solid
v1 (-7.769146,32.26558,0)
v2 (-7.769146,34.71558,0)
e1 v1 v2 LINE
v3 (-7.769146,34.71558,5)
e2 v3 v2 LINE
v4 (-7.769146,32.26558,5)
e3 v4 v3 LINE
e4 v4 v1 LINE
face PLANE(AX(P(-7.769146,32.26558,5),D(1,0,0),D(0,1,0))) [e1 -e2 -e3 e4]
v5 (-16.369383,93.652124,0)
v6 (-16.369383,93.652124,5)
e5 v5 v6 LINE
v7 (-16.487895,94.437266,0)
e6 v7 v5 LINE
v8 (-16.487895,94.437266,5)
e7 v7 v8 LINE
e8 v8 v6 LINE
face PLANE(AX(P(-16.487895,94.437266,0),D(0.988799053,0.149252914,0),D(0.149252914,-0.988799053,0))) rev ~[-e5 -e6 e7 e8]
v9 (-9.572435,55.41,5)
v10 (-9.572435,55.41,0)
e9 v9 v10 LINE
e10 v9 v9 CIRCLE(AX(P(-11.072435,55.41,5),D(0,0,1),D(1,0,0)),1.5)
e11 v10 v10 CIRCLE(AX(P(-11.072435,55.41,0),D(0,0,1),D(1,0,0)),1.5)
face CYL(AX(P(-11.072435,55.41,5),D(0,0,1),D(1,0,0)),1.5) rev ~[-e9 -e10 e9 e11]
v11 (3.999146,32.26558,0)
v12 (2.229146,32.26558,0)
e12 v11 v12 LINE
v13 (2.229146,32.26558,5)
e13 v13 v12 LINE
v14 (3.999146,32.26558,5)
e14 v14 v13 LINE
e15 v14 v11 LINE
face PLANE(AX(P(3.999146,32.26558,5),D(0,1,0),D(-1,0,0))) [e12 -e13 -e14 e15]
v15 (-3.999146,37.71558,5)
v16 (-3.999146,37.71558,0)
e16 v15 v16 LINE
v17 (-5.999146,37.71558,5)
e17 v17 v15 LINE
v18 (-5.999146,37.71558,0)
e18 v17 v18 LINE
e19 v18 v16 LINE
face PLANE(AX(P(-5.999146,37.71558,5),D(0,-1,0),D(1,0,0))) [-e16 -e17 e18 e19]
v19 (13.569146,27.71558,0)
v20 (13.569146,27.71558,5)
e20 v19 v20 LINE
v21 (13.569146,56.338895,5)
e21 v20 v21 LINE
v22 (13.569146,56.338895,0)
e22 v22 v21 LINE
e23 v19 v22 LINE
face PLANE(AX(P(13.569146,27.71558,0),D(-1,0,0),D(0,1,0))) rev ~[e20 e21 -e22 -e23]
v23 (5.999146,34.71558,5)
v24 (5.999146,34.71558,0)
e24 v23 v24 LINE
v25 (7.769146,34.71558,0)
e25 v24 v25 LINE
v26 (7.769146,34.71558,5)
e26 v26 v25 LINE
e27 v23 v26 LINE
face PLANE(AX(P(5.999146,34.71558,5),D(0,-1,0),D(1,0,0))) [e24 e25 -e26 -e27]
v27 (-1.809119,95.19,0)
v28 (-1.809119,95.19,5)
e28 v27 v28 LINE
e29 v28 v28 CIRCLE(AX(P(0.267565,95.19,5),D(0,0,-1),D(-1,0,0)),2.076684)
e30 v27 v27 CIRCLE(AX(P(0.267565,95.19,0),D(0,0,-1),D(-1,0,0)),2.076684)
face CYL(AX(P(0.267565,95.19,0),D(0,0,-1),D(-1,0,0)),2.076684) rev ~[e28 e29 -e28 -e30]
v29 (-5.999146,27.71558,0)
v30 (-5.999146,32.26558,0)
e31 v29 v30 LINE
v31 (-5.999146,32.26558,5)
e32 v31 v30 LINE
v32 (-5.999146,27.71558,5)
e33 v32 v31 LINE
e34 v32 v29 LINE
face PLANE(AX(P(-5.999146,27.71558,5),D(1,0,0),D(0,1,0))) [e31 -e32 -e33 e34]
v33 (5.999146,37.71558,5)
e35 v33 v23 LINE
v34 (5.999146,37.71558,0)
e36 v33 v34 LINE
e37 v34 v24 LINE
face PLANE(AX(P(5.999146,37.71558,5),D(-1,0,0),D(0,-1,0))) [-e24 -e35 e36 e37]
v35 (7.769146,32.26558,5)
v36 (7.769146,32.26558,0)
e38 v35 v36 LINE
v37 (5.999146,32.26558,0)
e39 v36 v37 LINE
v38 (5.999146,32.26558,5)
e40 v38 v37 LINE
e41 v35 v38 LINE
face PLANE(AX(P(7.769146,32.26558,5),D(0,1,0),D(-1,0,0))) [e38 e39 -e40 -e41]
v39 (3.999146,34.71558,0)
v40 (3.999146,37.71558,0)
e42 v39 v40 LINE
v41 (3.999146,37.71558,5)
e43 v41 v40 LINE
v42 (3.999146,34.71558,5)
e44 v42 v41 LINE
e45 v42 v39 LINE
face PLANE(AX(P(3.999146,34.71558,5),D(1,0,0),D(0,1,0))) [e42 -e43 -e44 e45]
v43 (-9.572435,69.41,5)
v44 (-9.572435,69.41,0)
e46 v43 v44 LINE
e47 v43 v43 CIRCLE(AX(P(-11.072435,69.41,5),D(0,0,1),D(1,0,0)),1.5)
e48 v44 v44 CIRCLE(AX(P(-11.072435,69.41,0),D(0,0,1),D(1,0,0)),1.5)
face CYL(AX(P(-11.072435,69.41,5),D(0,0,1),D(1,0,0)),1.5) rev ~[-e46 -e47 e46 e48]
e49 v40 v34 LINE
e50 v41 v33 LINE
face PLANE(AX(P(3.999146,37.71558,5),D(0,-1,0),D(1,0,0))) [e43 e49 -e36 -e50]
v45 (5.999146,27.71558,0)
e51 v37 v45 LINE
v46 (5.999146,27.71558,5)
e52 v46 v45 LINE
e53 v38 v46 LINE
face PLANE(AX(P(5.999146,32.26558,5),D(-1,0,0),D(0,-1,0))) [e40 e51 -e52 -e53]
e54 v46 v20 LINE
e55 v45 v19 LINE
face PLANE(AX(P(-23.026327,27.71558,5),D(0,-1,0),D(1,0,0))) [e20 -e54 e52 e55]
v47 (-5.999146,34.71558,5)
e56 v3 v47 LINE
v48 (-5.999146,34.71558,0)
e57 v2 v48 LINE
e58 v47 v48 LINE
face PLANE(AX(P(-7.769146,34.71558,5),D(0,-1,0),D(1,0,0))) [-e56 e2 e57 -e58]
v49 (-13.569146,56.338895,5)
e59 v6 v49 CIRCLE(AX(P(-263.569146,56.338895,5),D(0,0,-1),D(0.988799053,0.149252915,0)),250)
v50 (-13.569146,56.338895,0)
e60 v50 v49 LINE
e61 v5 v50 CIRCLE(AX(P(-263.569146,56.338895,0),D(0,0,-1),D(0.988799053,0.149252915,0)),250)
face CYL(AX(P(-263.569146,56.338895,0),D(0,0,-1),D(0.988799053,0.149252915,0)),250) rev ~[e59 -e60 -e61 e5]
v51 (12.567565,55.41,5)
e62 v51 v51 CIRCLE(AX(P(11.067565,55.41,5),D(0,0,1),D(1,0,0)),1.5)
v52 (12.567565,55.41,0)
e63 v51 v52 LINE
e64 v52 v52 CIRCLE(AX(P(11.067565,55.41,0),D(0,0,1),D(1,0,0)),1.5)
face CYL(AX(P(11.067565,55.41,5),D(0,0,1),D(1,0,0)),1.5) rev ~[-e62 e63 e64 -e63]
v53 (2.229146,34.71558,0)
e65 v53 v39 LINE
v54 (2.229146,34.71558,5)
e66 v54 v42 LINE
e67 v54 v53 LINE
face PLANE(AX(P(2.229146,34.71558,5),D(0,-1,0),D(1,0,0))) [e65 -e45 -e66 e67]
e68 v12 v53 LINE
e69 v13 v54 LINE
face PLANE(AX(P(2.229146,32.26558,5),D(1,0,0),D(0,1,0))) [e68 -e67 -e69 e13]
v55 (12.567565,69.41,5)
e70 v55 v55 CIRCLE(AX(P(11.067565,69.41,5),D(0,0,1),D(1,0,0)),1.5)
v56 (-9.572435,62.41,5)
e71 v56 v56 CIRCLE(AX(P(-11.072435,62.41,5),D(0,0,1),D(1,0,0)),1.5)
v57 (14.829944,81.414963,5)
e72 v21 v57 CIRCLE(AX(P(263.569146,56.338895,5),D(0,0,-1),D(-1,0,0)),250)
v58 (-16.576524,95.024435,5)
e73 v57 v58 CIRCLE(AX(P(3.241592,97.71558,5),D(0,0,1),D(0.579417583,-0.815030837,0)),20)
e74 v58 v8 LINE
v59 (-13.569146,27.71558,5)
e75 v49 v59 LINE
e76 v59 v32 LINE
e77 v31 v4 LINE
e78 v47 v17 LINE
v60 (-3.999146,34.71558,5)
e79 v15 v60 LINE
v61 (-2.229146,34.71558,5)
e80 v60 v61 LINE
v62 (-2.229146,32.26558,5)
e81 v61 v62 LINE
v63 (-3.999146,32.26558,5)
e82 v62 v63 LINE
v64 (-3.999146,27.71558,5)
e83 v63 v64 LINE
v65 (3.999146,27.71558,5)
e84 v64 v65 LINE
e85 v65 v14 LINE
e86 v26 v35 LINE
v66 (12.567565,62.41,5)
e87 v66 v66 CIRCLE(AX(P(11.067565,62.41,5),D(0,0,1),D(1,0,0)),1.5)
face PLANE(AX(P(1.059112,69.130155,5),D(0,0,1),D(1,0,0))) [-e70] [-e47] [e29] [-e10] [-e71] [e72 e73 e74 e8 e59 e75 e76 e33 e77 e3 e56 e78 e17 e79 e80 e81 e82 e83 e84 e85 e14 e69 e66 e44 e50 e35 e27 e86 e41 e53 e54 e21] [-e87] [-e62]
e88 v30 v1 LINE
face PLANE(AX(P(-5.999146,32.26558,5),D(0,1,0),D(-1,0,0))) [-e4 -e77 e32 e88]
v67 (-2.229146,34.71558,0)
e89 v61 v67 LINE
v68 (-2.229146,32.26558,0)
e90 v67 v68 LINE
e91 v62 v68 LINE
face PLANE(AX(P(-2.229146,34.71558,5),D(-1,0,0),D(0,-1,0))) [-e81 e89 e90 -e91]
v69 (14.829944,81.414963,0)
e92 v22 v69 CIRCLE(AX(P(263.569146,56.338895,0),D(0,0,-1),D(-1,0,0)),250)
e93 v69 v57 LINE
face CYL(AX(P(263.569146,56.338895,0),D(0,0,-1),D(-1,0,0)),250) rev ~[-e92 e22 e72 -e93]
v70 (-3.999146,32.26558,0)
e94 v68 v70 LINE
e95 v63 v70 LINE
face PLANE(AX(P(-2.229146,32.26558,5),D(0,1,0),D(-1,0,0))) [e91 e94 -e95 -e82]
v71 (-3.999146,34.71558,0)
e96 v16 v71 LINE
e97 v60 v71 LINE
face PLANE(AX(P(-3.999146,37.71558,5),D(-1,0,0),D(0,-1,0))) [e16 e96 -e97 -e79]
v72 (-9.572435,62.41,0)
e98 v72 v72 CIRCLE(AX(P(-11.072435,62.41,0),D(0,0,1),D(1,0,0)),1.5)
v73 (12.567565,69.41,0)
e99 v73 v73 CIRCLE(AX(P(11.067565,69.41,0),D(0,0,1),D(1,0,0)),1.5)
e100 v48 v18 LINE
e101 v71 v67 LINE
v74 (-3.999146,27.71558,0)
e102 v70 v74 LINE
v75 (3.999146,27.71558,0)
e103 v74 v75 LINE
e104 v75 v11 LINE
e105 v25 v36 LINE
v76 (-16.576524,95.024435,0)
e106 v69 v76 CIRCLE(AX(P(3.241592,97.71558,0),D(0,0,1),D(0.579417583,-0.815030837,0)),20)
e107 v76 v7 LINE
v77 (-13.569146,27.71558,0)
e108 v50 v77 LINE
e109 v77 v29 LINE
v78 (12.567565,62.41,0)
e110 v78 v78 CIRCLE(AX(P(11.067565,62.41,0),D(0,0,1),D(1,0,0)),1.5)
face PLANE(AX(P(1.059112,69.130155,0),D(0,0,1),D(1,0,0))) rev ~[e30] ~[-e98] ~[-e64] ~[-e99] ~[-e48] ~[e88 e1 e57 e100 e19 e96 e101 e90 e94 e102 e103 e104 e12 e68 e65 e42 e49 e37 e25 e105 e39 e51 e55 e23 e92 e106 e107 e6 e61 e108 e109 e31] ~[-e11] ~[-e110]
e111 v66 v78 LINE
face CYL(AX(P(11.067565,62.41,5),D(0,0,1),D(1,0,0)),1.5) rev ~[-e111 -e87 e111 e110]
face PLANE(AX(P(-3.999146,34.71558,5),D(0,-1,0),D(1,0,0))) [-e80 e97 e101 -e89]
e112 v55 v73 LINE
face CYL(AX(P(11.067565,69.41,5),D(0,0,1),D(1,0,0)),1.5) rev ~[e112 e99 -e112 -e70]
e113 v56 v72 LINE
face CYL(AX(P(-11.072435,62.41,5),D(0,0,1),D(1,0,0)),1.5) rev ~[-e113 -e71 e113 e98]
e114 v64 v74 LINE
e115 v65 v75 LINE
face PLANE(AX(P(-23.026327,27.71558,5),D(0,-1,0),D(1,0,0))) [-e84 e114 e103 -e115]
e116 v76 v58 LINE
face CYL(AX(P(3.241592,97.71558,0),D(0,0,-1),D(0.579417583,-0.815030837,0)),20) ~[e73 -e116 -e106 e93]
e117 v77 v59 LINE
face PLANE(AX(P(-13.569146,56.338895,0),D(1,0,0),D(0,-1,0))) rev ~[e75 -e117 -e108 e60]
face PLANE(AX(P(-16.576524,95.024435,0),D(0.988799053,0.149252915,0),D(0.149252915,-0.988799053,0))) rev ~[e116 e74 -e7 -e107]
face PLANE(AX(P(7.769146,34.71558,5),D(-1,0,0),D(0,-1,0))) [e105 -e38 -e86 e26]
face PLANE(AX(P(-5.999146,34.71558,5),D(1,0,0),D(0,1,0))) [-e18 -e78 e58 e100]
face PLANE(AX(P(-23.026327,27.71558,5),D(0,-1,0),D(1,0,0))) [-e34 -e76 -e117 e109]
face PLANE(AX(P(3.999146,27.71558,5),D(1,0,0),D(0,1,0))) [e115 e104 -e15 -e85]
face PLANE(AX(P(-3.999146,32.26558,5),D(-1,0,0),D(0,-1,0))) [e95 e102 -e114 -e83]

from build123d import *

# Parameters (mm, degrees)
RESSALTO_EXTRUS_O1_DEPTH = 5
ESBO_O7_R                = 2.076684074
CORTE_EXTRUS_O5_DEPTH    = 6
ESBO_O8_W                = 36.59547327
ESBO_O8_H                = 8.275126541
CORTE_EXTRUS_O6_DEPTH    = 10
ESBO_O9_R                = 1.5
CORTE_EXTRUS_O7_DEPTH    = 6
CORTE_EXTRUS_O8_DEPTH    = 6


with BuildPart() as part:
    # Esboço1 → Ressalto-extrusão1 (new body)
    with BuildSketch(Plane.XY):
        with BuildLine():
            Line((13.569146061, 27.715579822), (13.569146061, 56.338894978))
            ThreePointArc((13.569146061, 56.338894978), (13.884544414, 68.892766914), (14.829943665, 81.414963086))
            ThreePointArc((14.829943665, 81.414963086), (11.193742071, 116.066691762), (-16.576524471, 95.024435265))
            Line((-16.576524471, 95.024435265), (-16.487894969, 94.437265709))
            Line((-16.487894969, 94.437265709), (-16.369382775, 93.652123615))
            ThreePointArc((-16.369382775, 93.652123615), (-14.270188159, 75.047972701), (-13.569146061, 56.338894978))
            Line((-13.569146061, 56.338894978), (-13.569146061, 27.715579822))
            ThreePointArc((-13.569146061, 27.715579822), (0, 21.02683783), (13.569146061, 27.715579822))
        make_face()
    extrude(amount=RESSALTO_EXTRUS_O1_DEPTH)

    # Esboço7 → Corte-extrusão5 (cut, through all)
    with BuildSketch(Plane(origin=(0, 0, 0), x_dir=(-1, 0, 0), z_dir=(0, 0, -1))):
        with Locations((-0.267564972, 95.19)):
            Circle(ESBO_O7_R)
    extrude(amount=-CORTE_EXTRUS_O5_DEPTH, mode=Mode.SUBTRACT)

    # Esboço8 → Corte-extrusão6 (cut)
    with BuildSketch(Plane.XY.offset(5)):
        with Locations((-4.728590574, 23.578016551)):
            Rectangle(ESBO_O8_W, ESBO_O8_H)
    extrude(amount=-CORTE_EXTRUS_O6_DEPTH, mode=Mode.SUBTRACT)

    # Esboço9 → Corte-extrusão7 (cut, through all)
    with BuildSketch(Plane.XY.offset(5)):
        with Locations((11.067564972, 62.41)):
            Circle(ESBO_O9_R)
        with Locations((11.067564972, 55.41)):
            Circle(ESBO_O9_R)
        with Locations((11.067564972, 69.41)):
            Circle(ESBO_O9_R)
        with Locations((-11.072435028, 55.41)):
            Circle(ESBO_O9_R)
        with Locations((-11.072435028, 62.41)):
            Circle(ESBO_O9_R)
        with Locations((-11.072435028, 69.41)):
            Circle(ESBO_O9_R)
    extrude(amount=-CORTE_EXTRUS_O7_DEPTH, mode=Mode.SUBTRACT)

    # Esboço10 → Corte-extrusão8 (cut, through all)
    with BuildSketch(Plane.XY.offset(5)):
        Polygon((5.999146061, 27.715579822), (3.999146061, 27.715579822), (3.999146061, 32.265579822), (2.229146061, 32.265579822), (2.229146061, 34.715579822), (3.999146061, 34.715579822), (3.999146061, 37.715579822), (5.999146061, 37.715579822), (5.999146061, 34.715579822), (7.769146061, 34.715579822), (7.769146061, 32.265579822), (5.999146061, 32.265579822), align=None)
        Polygon((-3.999146061, 27.715579822), (-5.999146061, 27.715579822), (-5.999146061, 32.265579822), (-7.769146061, 32.265579822), (-7.769146061, 34.715579822), (-5.999146061, 34.715579822), (-5.999146061, 37.715579822), (-3.999146061, 37.715579822), (-3.999146061, 34.715579822), (-2.229146061, 34.715579822), (-2.229146061, 32.265579822), (-3.999146061, 32.265579822), align=None)
    extrude(amount=-CORTE_EXTRUS_O8_DEPTH, mode=Mode.SUBTRACT)


solid = part.part
